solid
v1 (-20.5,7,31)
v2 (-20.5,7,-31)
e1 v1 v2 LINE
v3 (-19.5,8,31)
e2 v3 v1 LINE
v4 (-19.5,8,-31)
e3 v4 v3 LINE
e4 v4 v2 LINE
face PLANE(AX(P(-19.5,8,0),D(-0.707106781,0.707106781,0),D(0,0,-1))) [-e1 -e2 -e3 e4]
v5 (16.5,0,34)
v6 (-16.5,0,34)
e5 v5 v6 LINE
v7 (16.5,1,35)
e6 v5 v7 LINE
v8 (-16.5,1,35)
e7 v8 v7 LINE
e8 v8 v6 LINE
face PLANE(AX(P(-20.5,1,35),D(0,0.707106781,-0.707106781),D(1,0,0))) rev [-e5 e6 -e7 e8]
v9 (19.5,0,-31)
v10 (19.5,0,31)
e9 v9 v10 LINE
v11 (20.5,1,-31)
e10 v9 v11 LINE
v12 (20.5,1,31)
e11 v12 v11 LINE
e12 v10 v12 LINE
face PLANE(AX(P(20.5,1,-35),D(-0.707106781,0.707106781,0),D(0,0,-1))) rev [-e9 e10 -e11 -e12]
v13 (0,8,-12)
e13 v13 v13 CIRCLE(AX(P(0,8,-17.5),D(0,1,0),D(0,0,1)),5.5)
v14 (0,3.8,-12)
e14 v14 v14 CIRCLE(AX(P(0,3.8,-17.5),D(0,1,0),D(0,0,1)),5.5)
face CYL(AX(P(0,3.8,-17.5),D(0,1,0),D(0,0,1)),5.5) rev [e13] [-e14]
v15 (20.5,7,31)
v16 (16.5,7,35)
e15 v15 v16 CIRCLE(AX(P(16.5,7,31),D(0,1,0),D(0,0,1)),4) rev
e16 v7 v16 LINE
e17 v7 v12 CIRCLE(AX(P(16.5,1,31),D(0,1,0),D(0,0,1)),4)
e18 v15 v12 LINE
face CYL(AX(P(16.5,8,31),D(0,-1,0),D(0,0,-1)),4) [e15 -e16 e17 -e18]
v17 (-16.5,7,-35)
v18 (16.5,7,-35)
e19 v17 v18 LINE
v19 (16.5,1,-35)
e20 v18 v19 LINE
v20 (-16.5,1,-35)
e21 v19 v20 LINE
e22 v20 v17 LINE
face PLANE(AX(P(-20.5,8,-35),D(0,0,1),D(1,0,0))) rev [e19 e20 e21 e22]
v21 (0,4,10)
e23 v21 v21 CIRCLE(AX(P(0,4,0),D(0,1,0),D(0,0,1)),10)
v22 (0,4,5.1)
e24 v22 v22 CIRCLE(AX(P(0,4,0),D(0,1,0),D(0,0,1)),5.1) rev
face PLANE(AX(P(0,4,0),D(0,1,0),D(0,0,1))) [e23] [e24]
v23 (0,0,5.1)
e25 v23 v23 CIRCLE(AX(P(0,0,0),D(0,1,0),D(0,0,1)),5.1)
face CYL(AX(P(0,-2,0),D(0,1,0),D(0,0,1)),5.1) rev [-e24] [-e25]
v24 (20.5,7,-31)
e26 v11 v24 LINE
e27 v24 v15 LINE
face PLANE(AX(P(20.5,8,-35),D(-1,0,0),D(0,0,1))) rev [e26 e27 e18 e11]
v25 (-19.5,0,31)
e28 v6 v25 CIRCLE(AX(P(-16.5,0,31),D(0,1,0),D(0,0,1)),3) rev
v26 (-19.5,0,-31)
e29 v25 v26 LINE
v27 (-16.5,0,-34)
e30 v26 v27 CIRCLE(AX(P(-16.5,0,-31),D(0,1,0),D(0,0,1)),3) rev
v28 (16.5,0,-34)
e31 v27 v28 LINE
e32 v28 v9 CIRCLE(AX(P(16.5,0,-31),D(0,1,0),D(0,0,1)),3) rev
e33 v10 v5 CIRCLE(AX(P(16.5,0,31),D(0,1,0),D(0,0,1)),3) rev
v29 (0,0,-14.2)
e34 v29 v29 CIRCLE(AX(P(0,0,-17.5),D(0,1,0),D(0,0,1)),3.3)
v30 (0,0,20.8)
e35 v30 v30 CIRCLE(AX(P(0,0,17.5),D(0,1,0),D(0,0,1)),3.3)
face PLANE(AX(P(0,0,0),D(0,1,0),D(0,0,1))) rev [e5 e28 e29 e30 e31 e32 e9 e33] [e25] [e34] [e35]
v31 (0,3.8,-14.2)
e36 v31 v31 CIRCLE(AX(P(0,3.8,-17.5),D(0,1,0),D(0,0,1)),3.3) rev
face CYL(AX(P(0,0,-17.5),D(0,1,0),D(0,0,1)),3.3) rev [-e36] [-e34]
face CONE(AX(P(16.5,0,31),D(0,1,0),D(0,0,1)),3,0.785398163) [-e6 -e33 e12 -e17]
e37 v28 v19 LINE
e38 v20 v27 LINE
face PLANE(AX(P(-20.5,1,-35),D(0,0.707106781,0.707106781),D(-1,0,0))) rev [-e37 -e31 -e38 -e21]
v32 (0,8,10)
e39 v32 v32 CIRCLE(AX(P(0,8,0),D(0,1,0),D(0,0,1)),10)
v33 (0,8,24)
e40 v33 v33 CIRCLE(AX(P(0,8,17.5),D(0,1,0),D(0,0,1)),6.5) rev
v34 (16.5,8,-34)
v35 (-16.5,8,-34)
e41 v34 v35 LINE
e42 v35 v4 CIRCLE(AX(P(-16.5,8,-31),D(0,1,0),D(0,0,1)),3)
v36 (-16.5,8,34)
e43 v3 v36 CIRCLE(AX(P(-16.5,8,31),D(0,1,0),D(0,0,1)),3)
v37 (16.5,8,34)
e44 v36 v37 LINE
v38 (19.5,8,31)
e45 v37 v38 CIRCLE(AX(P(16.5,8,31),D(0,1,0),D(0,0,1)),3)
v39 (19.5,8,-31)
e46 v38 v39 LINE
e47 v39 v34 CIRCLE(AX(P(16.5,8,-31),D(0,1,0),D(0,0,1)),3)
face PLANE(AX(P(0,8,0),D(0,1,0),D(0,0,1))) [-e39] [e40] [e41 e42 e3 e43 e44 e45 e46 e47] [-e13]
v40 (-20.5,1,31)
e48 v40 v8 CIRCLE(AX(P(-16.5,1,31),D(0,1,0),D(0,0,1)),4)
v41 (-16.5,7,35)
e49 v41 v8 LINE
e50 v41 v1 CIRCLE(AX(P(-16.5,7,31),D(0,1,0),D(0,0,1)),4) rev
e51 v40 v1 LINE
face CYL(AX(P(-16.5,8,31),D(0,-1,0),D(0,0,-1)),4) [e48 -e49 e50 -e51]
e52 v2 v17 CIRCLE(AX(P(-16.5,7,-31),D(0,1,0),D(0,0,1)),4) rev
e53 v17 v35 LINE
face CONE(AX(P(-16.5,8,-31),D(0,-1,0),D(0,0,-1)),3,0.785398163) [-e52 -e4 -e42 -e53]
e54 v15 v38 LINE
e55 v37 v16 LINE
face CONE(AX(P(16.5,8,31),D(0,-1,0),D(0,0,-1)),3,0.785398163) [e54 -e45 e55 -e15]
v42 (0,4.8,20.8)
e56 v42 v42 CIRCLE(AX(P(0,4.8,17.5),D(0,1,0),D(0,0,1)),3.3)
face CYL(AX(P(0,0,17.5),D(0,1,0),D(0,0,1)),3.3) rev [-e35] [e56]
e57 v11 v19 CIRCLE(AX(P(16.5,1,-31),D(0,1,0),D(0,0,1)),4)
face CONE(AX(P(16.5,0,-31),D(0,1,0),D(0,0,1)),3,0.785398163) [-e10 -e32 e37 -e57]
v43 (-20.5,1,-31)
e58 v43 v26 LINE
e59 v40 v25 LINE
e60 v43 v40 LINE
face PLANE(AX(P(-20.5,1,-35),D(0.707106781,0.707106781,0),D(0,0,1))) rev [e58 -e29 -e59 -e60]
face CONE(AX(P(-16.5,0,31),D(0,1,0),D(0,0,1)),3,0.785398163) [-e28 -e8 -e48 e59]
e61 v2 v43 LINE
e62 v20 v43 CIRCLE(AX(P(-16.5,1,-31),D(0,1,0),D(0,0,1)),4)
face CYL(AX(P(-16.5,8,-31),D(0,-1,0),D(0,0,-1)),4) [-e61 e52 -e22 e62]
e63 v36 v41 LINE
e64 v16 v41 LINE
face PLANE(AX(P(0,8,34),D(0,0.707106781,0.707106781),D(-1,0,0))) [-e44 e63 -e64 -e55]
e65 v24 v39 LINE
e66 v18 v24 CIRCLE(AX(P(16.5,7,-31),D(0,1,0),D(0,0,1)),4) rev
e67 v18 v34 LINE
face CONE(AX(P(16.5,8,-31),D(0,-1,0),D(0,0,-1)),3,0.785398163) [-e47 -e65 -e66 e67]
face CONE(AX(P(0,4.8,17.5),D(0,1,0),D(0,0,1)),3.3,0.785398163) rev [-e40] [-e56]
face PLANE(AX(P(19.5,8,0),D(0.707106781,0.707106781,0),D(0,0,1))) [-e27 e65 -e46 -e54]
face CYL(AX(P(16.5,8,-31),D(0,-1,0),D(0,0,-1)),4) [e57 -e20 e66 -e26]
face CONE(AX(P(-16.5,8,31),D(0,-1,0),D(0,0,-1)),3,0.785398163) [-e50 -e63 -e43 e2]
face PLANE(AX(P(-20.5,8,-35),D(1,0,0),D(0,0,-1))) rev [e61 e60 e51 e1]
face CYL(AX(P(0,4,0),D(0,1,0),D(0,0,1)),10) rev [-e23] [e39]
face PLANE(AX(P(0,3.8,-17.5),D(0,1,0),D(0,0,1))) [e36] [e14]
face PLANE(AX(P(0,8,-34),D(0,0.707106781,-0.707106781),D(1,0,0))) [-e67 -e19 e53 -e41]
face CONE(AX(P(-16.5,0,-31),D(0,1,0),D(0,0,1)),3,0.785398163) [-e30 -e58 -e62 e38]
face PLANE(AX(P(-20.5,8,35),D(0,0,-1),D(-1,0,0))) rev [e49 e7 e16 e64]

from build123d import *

# Parameters (mm, degrees)
SKETCH1_W           = 41
SKETCH1_H           = 70
BOSS_EXTRUDE1_DEPTH = 8
FILLET1_R           = 4
CHAMFER1_SIZE       = 1
SKETCH2_R           = 3.3
CUT_EXTRUDE1_DEPTH  = 8
CHAMFER2_SIZE       = 3.2
SKETCH3_R           = 5.5
CUT_EXTRUDE2_DEPTH  = 4.2
SKETCH4_R           = 5.1
CUT_EXTRUDE3_DEPTH  = 10
SKETCH5_R           = 10
CUT_EXTRUDE5_DEPTH  = 4


with BuildPart() as part:
    # Sketch1 → Boss-Extrude1 (new body)
    with BuildSketch(Plane(origin=(0, 0, 0), x_dir=(1, 0, 0), z_dir=(0, 1, 0))):
        Rectangle(SKETCH1_W, SKETCH1_H)
    extrude(amount=BOSS_EXTRUDE1_DEPTH)

    # Fillet1
    fillet1_edges = [part.edges().sort_by_distance(p)[0] for p in [
        (20.5, 4, 35),
        (-20.5, 4, 35),
        (-20.5, 4, -35),
        (20.5, 4, -35),
    ]]
    fillet(fillet1_edges, radius=FILLET1_R)

    # Chamfer1
    chamfer1_edges = [part.edges().sort_by_distance(p)[0] for p in [
        (-20.5, 0, 0),
        (-20.5, 8, 0),
        (20.5, 0, 0),
        (0, 0, 35),
        (0, 0, -35),
        (-19.328427125, 0, 33.828427125),
        (19.328427125, 0, 33.828427125),
        (19.328427125, 0, -33.828427125),
        (-19.328427125, 0, -33.828427125),
        (0, 8, -35),
        (20.5, 8, 0),
        (0, 8, 35),
        (-19.328427125, 8, 33.828427125),
        (19.328427125, 8, 33.828427125),
        (19.328427125, 8, -33.828427125),
        (-19.328427125, 8, -33.828427125),
    ]]
    chamfer(chamfer1_edges, length=CHAMFER1_SIZE)

    # Sketch2 → Cut-Extrude1 (cut)
    with BuildSketch(Plane(origin=(0, 8, 0), x_dir=(1, 0, 0), z_dir=(0, 1, 0))):
        with Locations((0, -17.5)):
            Circle(SKETCH2_R)
        with Locations((0, 17.5)):
            Circle(SKETCH2_R)
    extrude(amount=-CUT_EXTRUDE1_DEPTH, mode=Mode.SUBTRACT)

    # Chamfer2
    chamfer2_edges = [part.edges().sort_by_distance(p)[0] for p in [
        (-3.3, 8, 17.5),
    ]]
    chamfer(chamfer2_edges, length=CHAMFER2_SIZE)

    # Sketch3 → Cut-Extrude2 (cut)
    with BuildSketch(Plane(origin=(0, 8, 0), x_dir=(1, 0, 0), z_dir=(0, 1, 0))):
        with Locations((0, 17.5)):
            Circle(SKETCH3_R)
    extrude(amount=-CUT_EXTRUDE2_DEPTH, mode=Mode.SUBTRACT)

    # Sketch4 → Cut-Extrude3 (cut)
    with BuildSketch(Plane(origin=(0, 8, 0), x_dir=(1, 0, 0), z_dir=(0, 1, 0))):
        Circle(SKETCH4_R)
    extrude(amount=-CUT_EXTRUDE3_DEPTH, mode=Mode.SUBTRACT)

    # Sketch5 → Cut-Extrude5 (cut)
    with BuildSketch(Plane(origin=(0, 8, 0), x_dir=(1, 0, 0), z_dir=(0, 1, 0))):
        Circle(SKETCH5_R)
    extrude(amount=-CUT_EXTRUDE5_DEPTH, mode=Mode.SUBTRACT)


solid = part.part
